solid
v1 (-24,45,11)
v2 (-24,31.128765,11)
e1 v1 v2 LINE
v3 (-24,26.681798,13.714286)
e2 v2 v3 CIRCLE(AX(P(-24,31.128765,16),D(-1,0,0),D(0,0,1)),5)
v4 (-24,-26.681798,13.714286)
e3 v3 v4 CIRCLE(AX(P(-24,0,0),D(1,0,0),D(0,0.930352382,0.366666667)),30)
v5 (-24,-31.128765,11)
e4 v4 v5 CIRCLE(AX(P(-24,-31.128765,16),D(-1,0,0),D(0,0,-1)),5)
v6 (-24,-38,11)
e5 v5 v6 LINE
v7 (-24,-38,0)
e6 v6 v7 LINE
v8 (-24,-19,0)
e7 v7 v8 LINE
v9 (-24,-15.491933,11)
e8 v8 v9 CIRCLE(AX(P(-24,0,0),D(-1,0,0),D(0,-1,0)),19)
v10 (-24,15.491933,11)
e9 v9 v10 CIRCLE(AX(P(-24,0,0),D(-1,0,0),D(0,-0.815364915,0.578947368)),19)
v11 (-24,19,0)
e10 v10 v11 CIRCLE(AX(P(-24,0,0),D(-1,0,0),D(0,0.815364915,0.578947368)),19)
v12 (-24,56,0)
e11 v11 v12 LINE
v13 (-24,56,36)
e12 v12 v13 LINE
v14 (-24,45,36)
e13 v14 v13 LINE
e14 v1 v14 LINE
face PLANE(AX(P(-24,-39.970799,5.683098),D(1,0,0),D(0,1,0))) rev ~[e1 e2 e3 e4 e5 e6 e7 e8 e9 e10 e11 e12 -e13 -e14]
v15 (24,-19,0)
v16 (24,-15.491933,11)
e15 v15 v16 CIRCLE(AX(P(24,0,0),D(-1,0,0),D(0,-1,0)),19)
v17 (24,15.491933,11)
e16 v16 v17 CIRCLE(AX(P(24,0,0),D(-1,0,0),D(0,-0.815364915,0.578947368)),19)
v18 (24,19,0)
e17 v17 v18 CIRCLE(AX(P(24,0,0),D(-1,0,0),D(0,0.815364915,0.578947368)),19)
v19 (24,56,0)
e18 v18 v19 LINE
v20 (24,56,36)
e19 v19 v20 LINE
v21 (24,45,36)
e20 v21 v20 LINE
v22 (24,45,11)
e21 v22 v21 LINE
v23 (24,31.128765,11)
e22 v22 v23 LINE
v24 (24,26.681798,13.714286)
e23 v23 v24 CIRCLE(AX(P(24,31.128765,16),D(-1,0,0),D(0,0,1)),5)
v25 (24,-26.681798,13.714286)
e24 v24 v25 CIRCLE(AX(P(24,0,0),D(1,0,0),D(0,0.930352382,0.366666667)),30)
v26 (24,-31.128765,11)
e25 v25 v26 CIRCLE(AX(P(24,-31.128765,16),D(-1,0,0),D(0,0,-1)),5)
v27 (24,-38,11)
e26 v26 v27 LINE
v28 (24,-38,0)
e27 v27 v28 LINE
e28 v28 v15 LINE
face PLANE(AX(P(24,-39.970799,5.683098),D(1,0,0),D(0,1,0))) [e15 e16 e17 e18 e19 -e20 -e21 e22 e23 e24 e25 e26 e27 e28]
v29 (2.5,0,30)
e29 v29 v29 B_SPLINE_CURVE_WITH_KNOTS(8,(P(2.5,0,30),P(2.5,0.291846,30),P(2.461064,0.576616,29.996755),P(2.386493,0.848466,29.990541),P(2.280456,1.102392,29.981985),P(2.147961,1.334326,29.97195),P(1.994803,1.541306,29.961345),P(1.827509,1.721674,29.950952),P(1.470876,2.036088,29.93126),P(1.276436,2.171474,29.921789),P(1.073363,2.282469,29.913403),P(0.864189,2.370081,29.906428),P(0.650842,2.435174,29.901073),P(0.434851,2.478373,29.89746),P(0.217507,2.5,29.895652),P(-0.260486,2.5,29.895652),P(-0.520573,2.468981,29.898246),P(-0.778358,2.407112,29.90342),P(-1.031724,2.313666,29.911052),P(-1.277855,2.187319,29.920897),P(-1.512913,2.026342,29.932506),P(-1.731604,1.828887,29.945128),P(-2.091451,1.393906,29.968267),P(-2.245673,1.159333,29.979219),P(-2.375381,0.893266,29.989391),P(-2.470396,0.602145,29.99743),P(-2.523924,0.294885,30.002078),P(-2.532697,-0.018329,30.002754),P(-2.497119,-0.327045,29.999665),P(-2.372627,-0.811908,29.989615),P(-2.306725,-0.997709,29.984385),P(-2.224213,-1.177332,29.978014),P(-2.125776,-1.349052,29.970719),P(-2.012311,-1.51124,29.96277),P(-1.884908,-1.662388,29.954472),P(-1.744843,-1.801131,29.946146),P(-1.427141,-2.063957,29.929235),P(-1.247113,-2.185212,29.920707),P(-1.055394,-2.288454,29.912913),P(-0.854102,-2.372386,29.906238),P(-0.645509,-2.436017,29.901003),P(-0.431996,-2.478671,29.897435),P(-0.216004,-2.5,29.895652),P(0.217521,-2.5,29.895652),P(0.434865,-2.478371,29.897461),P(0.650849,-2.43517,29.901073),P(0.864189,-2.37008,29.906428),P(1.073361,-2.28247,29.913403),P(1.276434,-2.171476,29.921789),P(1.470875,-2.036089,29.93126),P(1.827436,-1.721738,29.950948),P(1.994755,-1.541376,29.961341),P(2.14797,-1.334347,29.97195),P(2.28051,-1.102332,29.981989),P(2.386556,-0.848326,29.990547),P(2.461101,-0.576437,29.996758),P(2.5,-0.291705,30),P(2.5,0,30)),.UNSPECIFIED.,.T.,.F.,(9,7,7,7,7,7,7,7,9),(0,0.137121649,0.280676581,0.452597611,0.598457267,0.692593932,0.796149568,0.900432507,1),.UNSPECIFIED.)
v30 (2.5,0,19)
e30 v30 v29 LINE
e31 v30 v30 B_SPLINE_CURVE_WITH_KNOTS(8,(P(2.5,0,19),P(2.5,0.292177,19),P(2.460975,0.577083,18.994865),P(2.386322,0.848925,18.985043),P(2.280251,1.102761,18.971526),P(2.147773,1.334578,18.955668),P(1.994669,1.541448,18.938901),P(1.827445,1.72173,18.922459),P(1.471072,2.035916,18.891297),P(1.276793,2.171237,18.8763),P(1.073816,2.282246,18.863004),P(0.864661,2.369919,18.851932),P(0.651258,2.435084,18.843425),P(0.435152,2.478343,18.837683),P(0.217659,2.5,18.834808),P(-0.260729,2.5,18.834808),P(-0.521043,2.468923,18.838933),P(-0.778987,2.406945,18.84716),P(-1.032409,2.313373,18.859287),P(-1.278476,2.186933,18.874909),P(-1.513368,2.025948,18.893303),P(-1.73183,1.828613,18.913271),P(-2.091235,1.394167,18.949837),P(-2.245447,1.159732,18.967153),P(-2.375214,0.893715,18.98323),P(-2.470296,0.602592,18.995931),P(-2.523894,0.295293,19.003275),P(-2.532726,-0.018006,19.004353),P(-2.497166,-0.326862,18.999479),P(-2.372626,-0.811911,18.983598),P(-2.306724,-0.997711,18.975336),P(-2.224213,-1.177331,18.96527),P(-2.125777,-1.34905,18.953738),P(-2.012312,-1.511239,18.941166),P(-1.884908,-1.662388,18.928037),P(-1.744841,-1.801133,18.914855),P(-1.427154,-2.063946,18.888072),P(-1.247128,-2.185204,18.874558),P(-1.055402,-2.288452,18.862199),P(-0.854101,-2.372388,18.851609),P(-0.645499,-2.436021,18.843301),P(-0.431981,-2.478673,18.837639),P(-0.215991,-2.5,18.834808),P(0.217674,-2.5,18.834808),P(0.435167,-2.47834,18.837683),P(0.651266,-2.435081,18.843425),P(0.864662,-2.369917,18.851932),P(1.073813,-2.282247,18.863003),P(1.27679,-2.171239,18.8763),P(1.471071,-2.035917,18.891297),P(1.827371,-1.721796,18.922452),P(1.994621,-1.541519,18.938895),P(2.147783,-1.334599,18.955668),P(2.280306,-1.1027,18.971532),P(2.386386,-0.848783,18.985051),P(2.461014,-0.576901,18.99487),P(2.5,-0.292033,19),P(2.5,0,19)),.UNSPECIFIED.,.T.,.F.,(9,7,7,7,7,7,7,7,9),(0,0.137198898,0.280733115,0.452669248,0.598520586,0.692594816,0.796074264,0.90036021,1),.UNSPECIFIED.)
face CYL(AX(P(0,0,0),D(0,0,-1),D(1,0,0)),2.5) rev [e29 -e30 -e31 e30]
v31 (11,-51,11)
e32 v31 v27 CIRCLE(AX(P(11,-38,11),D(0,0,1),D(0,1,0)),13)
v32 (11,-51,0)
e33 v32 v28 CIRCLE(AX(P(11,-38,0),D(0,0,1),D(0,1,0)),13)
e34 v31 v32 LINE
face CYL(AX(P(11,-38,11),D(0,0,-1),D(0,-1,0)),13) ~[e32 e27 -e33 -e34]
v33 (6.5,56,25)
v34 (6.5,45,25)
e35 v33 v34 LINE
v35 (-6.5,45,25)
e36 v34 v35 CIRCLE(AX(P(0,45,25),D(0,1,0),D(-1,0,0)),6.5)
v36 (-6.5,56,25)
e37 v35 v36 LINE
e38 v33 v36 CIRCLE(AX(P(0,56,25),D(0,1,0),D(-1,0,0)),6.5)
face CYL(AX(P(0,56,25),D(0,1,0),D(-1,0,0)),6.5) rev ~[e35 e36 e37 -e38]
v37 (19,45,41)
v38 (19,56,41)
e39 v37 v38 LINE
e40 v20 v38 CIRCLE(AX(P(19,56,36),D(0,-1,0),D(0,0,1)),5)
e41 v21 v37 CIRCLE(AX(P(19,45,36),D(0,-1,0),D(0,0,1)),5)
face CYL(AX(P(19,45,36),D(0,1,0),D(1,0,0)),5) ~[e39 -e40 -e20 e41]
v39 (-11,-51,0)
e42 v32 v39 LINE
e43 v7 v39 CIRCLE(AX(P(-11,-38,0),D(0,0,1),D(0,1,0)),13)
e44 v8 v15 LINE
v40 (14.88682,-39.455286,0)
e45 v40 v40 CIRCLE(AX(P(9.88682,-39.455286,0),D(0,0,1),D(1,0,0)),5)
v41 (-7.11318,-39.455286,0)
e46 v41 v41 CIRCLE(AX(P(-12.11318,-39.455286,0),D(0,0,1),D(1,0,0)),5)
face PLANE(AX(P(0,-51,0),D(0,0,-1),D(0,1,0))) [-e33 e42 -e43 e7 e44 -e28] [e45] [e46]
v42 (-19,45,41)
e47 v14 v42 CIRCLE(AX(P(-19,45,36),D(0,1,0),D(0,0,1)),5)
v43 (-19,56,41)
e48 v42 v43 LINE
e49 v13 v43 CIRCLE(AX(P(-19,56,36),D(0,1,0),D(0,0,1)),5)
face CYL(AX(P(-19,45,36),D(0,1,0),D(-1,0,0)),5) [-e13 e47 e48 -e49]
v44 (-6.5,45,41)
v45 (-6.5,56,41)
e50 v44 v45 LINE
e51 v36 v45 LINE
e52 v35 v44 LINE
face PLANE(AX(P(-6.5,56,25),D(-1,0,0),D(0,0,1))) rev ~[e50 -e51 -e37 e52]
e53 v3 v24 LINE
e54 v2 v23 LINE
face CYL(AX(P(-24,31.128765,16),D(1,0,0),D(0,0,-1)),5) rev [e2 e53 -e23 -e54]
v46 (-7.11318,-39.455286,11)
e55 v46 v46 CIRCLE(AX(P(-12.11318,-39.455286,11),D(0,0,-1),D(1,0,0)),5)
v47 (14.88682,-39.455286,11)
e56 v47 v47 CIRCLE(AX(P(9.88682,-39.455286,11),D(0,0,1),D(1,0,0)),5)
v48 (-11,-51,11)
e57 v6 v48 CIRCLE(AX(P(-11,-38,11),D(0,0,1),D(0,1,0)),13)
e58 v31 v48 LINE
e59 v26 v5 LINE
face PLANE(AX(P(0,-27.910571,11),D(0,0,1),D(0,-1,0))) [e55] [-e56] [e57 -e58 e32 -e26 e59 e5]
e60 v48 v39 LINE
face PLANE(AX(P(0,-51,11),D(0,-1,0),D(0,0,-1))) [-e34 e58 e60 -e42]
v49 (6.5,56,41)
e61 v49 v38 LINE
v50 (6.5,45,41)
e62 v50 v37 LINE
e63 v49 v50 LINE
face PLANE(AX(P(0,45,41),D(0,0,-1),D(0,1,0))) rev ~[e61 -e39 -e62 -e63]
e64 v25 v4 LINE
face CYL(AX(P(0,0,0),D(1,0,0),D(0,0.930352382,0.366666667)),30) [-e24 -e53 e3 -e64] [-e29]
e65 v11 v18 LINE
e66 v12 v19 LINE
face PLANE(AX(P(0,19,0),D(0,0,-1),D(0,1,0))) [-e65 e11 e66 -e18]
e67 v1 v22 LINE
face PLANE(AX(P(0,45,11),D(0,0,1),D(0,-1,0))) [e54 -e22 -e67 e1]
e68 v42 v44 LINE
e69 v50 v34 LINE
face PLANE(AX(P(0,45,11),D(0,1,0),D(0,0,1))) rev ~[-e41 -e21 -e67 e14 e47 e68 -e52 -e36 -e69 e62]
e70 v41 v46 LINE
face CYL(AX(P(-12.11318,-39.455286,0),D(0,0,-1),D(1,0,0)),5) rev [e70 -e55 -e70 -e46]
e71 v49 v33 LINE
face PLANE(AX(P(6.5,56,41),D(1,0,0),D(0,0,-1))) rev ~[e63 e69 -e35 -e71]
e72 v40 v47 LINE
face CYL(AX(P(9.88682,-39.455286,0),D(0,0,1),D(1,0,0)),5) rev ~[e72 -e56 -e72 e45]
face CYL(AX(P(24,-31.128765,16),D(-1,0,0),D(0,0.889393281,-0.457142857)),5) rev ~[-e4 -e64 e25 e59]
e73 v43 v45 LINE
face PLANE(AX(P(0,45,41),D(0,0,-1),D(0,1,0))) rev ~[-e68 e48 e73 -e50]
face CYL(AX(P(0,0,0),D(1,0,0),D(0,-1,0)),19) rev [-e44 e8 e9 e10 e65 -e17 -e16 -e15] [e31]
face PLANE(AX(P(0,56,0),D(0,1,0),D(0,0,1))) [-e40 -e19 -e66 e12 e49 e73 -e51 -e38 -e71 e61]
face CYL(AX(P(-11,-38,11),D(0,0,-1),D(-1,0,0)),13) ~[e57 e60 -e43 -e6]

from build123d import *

# Parameters (mm, degrees)
F0_W     = 11
F0_H     = 11
F0_H_2   = 30
F1_DEPTH = 24
F3_DEPTH = 12.5
F4_R     = 2.5
F4_R_2   = 5
F5_DEPTH = 56
F6_R     = 13
F7_R     = 5
F8_R     = 5


with BuildPart() as f1:
    # F0 (on Right) → F1 (new body, symmetric)
    with BuildSketch(Plane.YZ):
        with BuildLine():
            Line((-51, 0), (-30, 0))
            ThreePointArc((-30, 0), (-29.4730143031, 5.5983415304), (-27.9105714739, 11))
            Line((-27.9105714739, 11), (-51, 11))
            Line((-51, 11), (-51, 0))
        make_face()
        with BuildLine():
            ThreePointArc((-27.9105714739, 11), (-29.4730143031, 5.5983415304), (-30, 0))
            Line((-30, 0), (-19, 0))
            ThreePointArc((-19, 0), (-18.1017503893, 5.7729223833), (-15.4919333848, 11))
            Line((-15.4919333848, 11), (-27.9105714739, 11))
        make_face()
        with BuildLine():
            Line((15.4919333848, 11), (27.9105714739, 11))
            ThreePointArc((27.9105714739, 11), (0, 30), (-27.9105714739, 11))
            Line((-27.9105714739, 11), (-15.4919333848, 11))
            ThreePointArc((-15.4919333848, 11), (0, 19), (15.4919333848, 11))
        make_face()
        with BuildLine():
            Line((19, 0), (30, 0))
            ThreePointArc((30, 0), (29.4730143031, 5.5983415304), (27.9105714739, 11))
            Line((27.9105714739, 11), (15.4919333848, 11))
            ThreePointArc((15.4919333848, 11), (18.1017503893, 5.7729223833), (19, 0))
        make_face()
        with BuildLine():
            ThreePointArc((27.9105714739, 11), (29.4730143031, 5.5983415304), (30, 0))
            Line((30, 0), (45, 0))
            Line((45, 0), (45, 11))
            Line((45, 11), (27.9105714739, 11))
        make_face()
        with Locations((50.5, 5.5)):
            Rectangle(F0_W, F0_H)
        with Locations((50.5, 26)):
            Rectangle(F0_W, F0_H_2)
    extrude(amount=F1_DEPTH, both=True)

    # F2 (on face) → F3 (cut, symmetric)
    with BuildSketch(Plane(origin=(0, 56, 0), x_dir=(-1, 0, 0), z_dir=(0, 1, 0))):
        with BuildLine():
            ThreePointArc((-6.5, 25), (0, 18.5), (6.5, 25))
            ThreePointArc((6.5, 25), (0, 31.5), (-6.5, 25))
        make_face()
        with BuildLine():
            ThreePointArc((-6.5, 25), (0, 31.5), (6.5, 25))
            Line((6.5, 25), (6.5, 41))
            Line((6.5, 41), (-6.5, 41))
            Line((-6.5, 41), (-6.5, 25))
        make_face()
    extrude(amount=F3_DEPTH, both=True, mode=Mode.SUBTRACT)

    # F4 (on Top) → F5 (cut, symmetric)
    with BuildSketch(Plane.XY):
        Circle(F4_R)
        with Locations((-12.1131800115, -39.455285737)):
            Circle(F4_R_2)
        with Locations((9.8868199885, -39.455285737)):
            Circle(F4_R_2)
    extrude(amount=F5_DEPTH, both=True, mode=Mode.SUBTRACT)

    # F6
    f6_edges = [f1.edges().sort_by_distance(p)[0] for p in [
        (-24, -51, 5.5),
        (24, -51, 5.5),
    ]]
    fillet(f6_edges, radius=F6_R)

    # F7
    f7_edges = [f1.edges().sort_by_distance(p)[0] for p in [
        (-24, 50.5, 41),
        (24, 50.5, 41),
    ]]
    fillet(f7_edges, radius=F7_R)

    # F8
    f8_edges = [f1.edges().sort_by_distance(p)[0] for p in [
        (0, 27.910571, 11),
        (0, -27.910571, 11),
    ]]
    fillet(f8_edges, radius=F8_R)


solid = f1.part
